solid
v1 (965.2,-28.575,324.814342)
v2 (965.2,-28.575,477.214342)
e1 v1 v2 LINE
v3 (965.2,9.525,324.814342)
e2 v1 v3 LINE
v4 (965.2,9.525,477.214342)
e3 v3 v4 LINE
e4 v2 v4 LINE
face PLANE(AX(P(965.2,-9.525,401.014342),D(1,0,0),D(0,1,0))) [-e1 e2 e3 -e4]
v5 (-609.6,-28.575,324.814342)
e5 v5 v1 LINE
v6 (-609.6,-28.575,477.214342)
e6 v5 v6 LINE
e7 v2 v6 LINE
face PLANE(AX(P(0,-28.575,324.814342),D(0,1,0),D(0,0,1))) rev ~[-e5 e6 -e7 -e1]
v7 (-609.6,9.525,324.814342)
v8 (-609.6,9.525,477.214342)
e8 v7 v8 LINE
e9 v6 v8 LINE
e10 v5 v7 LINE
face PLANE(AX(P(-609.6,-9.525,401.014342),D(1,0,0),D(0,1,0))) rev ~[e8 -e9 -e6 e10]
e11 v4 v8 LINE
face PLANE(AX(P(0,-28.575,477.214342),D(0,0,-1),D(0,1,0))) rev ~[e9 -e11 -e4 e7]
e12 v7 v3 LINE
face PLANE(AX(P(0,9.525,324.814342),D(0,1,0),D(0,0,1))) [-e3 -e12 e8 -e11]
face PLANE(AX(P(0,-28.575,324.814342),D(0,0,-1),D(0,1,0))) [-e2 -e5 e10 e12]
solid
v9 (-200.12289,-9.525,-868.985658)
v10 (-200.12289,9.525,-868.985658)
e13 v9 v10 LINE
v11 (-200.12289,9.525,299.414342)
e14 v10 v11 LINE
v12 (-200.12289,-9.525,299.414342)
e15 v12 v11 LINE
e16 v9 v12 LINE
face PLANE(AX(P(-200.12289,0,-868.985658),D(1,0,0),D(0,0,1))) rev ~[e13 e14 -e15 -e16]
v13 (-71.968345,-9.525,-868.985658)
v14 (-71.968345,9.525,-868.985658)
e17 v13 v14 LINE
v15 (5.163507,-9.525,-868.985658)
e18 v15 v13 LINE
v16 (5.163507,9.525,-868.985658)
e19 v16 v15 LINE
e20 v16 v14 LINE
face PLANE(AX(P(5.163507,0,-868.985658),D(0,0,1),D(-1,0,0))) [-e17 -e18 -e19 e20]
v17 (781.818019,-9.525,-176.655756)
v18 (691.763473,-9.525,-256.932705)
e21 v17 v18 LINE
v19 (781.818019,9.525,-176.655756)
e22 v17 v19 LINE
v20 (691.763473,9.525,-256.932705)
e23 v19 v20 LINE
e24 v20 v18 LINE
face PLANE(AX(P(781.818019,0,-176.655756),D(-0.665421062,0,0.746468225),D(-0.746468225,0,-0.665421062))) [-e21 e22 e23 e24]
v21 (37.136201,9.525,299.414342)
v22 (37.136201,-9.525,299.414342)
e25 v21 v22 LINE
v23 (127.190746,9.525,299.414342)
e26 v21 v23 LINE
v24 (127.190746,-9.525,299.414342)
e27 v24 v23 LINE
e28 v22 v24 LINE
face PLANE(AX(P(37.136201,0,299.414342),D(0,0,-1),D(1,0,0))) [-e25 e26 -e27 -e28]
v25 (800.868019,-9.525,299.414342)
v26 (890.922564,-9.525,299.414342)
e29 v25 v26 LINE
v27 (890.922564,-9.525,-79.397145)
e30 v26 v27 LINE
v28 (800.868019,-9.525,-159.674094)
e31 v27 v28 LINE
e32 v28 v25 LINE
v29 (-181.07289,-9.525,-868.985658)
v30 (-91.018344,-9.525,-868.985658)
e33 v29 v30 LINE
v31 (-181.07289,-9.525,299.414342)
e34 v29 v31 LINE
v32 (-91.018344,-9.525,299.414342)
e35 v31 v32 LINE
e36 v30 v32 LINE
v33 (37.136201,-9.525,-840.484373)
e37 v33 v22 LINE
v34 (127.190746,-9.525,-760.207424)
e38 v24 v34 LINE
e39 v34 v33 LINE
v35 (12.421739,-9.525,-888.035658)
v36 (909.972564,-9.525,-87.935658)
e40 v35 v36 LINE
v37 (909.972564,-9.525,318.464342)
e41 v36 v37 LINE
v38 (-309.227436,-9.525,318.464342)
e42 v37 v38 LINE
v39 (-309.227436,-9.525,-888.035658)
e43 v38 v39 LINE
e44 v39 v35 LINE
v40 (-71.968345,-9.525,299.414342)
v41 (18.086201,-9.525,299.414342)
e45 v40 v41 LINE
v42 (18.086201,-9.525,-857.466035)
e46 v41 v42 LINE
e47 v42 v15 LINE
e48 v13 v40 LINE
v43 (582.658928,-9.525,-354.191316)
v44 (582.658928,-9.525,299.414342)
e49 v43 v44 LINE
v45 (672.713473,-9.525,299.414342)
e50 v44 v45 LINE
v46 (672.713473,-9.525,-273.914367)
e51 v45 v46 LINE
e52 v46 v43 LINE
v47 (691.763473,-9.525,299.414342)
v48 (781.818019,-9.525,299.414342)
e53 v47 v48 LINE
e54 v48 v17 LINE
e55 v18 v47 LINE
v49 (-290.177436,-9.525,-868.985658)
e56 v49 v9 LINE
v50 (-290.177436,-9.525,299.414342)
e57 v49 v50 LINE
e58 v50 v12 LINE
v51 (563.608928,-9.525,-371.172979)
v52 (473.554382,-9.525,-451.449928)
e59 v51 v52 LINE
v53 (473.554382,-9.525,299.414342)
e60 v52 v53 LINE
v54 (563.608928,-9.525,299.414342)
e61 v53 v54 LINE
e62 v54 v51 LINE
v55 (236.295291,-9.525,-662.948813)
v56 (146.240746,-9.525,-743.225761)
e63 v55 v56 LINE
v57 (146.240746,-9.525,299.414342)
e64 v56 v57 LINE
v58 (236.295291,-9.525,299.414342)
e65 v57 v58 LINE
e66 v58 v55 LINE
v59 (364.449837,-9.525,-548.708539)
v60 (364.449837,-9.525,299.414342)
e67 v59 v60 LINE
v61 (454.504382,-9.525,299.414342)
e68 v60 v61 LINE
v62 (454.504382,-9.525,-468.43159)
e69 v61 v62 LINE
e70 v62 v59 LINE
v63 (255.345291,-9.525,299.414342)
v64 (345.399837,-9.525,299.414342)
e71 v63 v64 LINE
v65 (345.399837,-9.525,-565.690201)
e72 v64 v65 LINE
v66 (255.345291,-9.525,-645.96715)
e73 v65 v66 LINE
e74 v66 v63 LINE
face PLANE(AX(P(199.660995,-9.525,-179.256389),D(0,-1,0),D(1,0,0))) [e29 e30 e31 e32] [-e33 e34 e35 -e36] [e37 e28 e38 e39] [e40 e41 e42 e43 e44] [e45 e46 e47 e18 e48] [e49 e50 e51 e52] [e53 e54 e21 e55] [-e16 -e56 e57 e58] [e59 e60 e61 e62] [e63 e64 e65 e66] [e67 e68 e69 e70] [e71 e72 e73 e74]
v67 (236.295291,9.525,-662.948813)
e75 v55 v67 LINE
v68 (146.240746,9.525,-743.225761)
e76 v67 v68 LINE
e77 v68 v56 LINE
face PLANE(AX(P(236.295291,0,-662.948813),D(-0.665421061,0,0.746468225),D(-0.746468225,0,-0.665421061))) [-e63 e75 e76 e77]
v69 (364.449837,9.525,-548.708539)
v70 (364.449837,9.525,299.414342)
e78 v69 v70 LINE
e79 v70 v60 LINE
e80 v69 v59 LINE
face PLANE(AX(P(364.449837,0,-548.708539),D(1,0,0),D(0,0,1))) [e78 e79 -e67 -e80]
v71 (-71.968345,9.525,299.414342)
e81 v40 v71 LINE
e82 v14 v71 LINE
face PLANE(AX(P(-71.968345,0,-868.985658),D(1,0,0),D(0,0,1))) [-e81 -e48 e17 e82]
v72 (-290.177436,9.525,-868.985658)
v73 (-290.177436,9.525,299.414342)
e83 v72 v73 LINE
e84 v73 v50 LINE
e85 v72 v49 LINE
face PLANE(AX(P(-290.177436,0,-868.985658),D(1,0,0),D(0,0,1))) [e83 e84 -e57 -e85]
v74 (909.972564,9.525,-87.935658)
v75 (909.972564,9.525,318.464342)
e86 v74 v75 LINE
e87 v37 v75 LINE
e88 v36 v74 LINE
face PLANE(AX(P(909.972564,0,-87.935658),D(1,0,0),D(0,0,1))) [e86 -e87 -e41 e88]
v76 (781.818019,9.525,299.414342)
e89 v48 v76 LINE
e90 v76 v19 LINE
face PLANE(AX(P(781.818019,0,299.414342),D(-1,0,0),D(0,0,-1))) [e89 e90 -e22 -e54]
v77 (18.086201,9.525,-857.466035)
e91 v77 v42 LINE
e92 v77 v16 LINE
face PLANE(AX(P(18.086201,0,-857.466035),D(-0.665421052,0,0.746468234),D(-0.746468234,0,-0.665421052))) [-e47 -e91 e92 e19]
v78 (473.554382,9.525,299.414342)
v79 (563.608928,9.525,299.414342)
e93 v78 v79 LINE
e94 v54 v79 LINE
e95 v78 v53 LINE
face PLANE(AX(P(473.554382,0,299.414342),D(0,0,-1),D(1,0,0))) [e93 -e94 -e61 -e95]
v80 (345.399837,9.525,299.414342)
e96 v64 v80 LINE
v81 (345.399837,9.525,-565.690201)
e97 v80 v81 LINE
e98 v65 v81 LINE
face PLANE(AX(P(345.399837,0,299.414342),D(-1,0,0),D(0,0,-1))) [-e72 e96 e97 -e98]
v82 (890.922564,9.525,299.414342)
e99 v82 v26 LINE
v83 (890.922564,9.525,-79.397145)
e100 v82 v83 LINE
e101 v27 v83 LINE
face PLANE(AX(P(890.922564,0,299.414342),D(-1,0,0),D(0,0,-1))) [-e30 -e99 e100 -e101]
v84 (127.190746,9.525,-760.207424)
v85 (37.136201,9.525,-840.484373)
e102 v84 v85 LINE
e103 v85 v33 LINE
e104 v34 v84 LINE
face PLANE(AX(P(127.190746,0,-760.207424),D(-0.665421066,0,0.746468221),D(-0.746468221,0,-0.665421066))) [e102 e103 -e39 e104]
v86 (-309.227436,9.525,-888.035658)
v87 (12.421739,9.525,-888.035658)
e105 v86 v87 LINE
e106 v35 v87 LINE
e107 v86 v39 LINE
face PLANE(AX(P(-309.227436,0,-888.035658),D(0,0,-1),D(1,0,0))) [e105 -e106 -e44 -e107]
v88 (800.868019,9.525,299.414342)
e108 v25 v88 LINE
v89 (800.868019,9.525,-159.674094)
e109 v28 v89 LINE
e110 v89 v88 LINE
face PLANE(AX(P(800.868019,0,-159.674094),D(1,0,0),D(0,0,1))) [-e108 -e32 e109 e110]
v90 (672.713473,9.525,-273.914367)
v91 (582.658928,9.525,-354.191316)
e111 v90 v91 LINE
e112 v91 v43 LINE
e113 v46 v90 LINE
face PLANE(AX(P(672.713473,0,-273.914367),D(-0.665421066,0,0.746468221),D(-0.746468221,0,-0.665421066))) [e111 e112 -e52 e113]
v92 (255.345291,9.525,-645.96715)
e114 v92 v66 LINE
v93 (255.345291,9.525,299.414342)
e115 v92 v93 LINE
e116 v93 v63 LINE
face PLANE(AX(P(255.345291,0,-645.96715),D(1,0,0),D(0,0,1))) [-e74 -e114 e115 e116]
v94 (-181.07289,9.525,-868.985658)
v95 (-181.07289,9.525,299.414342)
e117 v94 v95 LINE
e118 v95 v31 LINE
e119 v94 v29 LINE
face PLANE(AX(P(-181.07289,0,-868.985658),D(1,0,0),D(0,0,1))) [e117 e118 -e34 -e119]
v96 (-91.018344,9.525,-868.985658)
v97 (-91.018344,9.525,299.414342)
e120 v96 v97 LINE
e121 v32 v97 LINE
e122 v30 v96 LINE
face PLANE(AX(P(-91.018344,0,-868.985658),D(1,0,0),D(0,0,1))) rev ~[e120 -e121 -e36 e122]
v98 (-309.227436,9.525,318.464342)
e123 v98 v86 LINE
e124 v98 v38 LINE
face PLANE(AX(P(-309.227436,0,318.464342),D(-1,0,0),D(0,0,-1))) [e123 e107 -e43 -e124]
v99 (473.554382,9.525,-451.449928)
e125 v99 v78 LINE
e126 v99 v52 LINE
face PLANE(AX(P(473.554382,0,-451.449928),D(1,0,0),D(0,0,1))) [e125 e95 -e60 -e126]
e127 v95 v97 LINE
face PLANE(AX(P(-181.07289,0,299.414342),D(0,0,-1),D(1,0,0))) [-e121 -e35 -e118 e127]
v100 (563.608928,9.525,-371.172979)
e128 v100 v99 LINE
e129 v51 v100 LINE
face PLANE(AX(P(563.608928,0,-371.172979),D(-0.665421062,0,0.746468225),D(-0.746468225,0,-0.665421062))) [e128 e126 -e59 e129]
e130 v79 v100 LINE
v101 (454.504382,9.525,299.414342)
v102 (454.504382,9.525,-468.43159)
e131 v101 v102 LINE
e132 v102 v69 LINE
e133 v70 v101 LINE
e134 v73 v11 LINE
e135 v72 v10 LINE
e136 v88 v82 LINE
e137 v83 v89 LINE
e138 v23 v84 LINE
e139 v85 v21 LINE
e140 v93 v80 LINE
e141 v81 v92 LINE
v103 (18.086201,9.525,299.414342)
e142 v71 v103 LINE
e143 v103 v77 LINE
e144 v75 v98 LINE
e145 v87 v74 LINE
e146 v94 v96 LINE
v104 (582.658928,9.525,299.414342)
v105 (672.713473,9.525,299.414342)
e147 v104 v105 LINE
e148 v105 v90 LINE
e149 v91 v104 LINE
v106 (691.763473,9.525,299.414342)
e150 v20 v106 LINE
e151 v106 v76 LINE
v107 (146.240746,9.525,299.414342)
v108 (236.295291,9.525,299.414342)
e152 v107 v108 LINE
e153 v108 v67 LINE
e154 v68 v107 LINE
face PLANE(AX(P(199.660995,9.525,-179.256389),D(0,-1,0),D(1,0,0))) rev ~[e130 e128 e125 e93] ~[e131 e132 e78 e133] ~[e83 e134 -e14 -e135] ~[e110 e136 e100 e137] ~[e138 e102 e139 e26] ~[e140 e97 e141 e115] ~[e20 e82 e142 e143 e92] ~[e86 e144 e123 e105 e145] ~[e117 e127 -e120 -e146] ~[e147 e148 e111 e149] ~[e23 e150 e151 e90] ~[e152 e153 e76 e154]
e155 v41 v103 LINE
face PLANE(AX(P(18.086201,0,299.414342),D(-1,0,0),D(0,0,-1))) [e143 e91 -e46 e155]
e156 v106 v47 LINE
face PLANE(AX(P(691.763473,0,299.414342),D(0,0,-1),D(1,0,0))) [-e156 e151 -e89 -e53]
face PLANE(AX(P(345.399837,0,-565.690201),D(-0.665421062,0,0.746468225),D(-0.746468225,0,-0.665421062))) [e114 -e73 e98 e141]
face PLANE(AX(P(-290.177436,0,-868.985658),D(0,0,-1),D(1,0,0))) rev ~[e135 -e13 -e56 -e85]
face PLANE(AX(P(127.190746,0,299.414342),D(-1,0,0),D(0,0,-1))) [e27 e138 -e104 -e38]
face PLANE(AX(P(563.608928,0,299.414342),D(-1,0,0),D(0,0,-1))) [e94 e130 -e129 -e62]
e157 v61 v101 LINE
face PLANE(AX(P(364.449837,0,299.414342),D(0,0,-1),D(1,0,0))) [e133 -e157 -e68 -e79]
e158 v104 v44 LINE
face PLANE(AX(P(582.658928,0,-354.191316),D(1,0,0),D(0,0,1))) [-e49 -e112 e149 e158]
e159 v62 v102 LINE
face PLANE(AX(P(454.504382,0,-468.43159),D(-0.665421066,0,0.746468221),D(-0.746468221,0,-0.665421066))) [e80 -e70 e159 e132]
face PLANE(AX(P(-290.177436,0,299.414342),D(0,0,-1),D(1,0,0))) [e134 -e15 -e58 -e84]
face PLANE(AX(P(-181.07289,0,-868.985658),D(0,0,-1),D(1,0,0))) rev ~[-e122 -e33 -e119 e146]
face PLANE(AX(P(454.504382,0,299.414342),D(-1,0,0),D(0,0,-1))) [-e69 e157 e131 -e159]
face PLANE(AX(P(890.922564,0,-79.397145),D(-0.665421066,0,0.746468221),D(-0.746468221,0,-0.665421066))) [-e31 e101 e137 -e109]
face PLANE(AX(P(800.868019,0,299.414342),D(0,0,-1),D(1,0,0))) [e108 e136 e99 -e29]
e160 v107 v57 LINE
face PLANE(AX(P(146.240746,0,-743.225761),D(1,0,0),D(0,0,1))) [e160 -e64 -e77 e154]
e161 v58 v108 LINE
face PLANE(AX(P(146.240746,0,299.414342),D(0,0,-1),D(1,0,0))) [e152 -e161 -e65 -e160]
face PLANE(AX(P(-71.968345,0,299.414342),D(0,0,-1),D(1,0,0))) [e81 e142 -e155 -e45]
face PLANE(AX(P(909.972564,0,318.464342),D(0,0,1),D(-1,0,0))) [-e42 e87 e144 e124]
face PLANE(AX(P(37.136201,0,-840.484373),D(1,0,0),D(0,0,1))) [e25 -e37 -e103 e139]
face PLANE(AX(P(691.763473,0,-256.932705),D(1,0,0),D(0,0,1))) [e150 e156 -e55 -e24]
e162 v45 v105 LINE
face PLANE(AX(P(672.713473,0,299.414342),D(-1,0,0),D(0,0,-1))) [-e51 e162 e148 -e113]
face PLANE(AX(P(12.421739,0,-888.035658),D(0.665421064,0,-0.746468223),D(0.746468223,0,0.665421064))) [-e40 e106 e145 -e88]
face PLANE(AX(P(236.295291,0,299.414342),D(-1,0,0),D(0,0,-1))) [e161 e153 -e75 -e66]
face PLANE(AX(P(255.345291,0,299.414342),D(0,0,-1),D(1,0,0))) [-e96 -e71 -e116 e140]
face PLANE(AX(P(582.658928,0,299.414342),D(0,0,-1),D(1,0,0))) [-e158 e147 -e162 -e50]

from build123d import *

# Parameters (mm, degrees)
F0_W          = 90.054546
F0_H          = 1168.4
F0_W_2        = 90.054545
F1_DEPTH      = 9.525
F2_W          = 38.1
F2_H          = 152.4
F3_DEPTH      = 965.2
F3_DEPTH_BACK = 609.6


with BuildPart() as f1:
    # F0 (on Front) → F1 (new body, symmetric)
    with BuildSketch(Plane.XZ):
        Polygon((909.972564, 318.464342), (-309.227436, 318.464342), (-309.227436, -888.035658), (12.421739, -888.035658), (909.972564, -87.935658), align=None)
        Polygon((18.086201, -857.466035), (5.163507, -868.985658), (-71.968345, -868.985658), (-71.968345, 299.414342), (18.086201, 299.414342), align=None, mode=Mode.SUBTRACT)
        with Locations((-245.150163, -284.785658)):
            Rectangle(F0_W, F0_H, mode=Mode.SUBTRACT)
        with Locations((-136.045617, -284.785658)):
            Rectangle(F0_W_2, F0_H, mode=Mode.SUBTRACT)
        Polygon((37.136201, -840.484373), (37.136201, 299.414342), (127.190746, 299.414342), (127.190746, -760.207424), align=None, mode=Mode.SUBTRACT)
        Polygon((146.240746, -743.225761), (146.240746, 299.414342), (236.295291, 299.414342), (236.295291, -662.948813), align=None, mode=Mode.SUBTRACT)
        Polygon((255.345291, -645.96715), (255.345291, 299.414342), (345.399837, 299.414342), (345.399837, -565.690201), align=None, mode=Mode.SUBTRACT)
        Polygon((364.449837, -548.708539), (364.449837, 299.414342), (454.504382, 299.414342), (454.504382, -468.43159), align=None, mode=Mode.SUBTRACT)
        Polygon((473.554382, -451.449928), (473.554382, 299.414342), (563.608928, 299.414342), (563.608928, -371.172979), align=None, mode=Mode.SUBTRACT)
        Polygon((582.658928, -354.191316), (582.658928, 299.414342), (672.713473, 299.414342), (672.713473, -273.914367), align=None, mode=Mode.SUBTRACT)
        Polygon((691.763473, -256.932705), (691.763473, 299.414342), (781.818019, 299.414342), (781.818019, -176.655756), align=None, mode=Mode.SUBTRACT)
        Polygon((890.922564, 299.414342), (890.922564, -79.397145), (800.868019, -159.674094), (800.868019, 299.414342), align=None, mode=Mode.SUBTRACT)
    extrude(amount=F1_DEPTH, both=True)


with BuildPart() as f3:
    # F2 (on Right) → F3 (new body, two sides)
    with BuildSketch(Plane.YZ) as f3_sk:
        with Locations((-9.525, 401.014342)):
            Rectangle(F2_W, F2_H)
    extrude(amount=F3_DEPTH)
    extrude(f3_sk.sketch, amount=-F3_DEPTH_BACK)


solid = Compound([f1.part, f3.part])
